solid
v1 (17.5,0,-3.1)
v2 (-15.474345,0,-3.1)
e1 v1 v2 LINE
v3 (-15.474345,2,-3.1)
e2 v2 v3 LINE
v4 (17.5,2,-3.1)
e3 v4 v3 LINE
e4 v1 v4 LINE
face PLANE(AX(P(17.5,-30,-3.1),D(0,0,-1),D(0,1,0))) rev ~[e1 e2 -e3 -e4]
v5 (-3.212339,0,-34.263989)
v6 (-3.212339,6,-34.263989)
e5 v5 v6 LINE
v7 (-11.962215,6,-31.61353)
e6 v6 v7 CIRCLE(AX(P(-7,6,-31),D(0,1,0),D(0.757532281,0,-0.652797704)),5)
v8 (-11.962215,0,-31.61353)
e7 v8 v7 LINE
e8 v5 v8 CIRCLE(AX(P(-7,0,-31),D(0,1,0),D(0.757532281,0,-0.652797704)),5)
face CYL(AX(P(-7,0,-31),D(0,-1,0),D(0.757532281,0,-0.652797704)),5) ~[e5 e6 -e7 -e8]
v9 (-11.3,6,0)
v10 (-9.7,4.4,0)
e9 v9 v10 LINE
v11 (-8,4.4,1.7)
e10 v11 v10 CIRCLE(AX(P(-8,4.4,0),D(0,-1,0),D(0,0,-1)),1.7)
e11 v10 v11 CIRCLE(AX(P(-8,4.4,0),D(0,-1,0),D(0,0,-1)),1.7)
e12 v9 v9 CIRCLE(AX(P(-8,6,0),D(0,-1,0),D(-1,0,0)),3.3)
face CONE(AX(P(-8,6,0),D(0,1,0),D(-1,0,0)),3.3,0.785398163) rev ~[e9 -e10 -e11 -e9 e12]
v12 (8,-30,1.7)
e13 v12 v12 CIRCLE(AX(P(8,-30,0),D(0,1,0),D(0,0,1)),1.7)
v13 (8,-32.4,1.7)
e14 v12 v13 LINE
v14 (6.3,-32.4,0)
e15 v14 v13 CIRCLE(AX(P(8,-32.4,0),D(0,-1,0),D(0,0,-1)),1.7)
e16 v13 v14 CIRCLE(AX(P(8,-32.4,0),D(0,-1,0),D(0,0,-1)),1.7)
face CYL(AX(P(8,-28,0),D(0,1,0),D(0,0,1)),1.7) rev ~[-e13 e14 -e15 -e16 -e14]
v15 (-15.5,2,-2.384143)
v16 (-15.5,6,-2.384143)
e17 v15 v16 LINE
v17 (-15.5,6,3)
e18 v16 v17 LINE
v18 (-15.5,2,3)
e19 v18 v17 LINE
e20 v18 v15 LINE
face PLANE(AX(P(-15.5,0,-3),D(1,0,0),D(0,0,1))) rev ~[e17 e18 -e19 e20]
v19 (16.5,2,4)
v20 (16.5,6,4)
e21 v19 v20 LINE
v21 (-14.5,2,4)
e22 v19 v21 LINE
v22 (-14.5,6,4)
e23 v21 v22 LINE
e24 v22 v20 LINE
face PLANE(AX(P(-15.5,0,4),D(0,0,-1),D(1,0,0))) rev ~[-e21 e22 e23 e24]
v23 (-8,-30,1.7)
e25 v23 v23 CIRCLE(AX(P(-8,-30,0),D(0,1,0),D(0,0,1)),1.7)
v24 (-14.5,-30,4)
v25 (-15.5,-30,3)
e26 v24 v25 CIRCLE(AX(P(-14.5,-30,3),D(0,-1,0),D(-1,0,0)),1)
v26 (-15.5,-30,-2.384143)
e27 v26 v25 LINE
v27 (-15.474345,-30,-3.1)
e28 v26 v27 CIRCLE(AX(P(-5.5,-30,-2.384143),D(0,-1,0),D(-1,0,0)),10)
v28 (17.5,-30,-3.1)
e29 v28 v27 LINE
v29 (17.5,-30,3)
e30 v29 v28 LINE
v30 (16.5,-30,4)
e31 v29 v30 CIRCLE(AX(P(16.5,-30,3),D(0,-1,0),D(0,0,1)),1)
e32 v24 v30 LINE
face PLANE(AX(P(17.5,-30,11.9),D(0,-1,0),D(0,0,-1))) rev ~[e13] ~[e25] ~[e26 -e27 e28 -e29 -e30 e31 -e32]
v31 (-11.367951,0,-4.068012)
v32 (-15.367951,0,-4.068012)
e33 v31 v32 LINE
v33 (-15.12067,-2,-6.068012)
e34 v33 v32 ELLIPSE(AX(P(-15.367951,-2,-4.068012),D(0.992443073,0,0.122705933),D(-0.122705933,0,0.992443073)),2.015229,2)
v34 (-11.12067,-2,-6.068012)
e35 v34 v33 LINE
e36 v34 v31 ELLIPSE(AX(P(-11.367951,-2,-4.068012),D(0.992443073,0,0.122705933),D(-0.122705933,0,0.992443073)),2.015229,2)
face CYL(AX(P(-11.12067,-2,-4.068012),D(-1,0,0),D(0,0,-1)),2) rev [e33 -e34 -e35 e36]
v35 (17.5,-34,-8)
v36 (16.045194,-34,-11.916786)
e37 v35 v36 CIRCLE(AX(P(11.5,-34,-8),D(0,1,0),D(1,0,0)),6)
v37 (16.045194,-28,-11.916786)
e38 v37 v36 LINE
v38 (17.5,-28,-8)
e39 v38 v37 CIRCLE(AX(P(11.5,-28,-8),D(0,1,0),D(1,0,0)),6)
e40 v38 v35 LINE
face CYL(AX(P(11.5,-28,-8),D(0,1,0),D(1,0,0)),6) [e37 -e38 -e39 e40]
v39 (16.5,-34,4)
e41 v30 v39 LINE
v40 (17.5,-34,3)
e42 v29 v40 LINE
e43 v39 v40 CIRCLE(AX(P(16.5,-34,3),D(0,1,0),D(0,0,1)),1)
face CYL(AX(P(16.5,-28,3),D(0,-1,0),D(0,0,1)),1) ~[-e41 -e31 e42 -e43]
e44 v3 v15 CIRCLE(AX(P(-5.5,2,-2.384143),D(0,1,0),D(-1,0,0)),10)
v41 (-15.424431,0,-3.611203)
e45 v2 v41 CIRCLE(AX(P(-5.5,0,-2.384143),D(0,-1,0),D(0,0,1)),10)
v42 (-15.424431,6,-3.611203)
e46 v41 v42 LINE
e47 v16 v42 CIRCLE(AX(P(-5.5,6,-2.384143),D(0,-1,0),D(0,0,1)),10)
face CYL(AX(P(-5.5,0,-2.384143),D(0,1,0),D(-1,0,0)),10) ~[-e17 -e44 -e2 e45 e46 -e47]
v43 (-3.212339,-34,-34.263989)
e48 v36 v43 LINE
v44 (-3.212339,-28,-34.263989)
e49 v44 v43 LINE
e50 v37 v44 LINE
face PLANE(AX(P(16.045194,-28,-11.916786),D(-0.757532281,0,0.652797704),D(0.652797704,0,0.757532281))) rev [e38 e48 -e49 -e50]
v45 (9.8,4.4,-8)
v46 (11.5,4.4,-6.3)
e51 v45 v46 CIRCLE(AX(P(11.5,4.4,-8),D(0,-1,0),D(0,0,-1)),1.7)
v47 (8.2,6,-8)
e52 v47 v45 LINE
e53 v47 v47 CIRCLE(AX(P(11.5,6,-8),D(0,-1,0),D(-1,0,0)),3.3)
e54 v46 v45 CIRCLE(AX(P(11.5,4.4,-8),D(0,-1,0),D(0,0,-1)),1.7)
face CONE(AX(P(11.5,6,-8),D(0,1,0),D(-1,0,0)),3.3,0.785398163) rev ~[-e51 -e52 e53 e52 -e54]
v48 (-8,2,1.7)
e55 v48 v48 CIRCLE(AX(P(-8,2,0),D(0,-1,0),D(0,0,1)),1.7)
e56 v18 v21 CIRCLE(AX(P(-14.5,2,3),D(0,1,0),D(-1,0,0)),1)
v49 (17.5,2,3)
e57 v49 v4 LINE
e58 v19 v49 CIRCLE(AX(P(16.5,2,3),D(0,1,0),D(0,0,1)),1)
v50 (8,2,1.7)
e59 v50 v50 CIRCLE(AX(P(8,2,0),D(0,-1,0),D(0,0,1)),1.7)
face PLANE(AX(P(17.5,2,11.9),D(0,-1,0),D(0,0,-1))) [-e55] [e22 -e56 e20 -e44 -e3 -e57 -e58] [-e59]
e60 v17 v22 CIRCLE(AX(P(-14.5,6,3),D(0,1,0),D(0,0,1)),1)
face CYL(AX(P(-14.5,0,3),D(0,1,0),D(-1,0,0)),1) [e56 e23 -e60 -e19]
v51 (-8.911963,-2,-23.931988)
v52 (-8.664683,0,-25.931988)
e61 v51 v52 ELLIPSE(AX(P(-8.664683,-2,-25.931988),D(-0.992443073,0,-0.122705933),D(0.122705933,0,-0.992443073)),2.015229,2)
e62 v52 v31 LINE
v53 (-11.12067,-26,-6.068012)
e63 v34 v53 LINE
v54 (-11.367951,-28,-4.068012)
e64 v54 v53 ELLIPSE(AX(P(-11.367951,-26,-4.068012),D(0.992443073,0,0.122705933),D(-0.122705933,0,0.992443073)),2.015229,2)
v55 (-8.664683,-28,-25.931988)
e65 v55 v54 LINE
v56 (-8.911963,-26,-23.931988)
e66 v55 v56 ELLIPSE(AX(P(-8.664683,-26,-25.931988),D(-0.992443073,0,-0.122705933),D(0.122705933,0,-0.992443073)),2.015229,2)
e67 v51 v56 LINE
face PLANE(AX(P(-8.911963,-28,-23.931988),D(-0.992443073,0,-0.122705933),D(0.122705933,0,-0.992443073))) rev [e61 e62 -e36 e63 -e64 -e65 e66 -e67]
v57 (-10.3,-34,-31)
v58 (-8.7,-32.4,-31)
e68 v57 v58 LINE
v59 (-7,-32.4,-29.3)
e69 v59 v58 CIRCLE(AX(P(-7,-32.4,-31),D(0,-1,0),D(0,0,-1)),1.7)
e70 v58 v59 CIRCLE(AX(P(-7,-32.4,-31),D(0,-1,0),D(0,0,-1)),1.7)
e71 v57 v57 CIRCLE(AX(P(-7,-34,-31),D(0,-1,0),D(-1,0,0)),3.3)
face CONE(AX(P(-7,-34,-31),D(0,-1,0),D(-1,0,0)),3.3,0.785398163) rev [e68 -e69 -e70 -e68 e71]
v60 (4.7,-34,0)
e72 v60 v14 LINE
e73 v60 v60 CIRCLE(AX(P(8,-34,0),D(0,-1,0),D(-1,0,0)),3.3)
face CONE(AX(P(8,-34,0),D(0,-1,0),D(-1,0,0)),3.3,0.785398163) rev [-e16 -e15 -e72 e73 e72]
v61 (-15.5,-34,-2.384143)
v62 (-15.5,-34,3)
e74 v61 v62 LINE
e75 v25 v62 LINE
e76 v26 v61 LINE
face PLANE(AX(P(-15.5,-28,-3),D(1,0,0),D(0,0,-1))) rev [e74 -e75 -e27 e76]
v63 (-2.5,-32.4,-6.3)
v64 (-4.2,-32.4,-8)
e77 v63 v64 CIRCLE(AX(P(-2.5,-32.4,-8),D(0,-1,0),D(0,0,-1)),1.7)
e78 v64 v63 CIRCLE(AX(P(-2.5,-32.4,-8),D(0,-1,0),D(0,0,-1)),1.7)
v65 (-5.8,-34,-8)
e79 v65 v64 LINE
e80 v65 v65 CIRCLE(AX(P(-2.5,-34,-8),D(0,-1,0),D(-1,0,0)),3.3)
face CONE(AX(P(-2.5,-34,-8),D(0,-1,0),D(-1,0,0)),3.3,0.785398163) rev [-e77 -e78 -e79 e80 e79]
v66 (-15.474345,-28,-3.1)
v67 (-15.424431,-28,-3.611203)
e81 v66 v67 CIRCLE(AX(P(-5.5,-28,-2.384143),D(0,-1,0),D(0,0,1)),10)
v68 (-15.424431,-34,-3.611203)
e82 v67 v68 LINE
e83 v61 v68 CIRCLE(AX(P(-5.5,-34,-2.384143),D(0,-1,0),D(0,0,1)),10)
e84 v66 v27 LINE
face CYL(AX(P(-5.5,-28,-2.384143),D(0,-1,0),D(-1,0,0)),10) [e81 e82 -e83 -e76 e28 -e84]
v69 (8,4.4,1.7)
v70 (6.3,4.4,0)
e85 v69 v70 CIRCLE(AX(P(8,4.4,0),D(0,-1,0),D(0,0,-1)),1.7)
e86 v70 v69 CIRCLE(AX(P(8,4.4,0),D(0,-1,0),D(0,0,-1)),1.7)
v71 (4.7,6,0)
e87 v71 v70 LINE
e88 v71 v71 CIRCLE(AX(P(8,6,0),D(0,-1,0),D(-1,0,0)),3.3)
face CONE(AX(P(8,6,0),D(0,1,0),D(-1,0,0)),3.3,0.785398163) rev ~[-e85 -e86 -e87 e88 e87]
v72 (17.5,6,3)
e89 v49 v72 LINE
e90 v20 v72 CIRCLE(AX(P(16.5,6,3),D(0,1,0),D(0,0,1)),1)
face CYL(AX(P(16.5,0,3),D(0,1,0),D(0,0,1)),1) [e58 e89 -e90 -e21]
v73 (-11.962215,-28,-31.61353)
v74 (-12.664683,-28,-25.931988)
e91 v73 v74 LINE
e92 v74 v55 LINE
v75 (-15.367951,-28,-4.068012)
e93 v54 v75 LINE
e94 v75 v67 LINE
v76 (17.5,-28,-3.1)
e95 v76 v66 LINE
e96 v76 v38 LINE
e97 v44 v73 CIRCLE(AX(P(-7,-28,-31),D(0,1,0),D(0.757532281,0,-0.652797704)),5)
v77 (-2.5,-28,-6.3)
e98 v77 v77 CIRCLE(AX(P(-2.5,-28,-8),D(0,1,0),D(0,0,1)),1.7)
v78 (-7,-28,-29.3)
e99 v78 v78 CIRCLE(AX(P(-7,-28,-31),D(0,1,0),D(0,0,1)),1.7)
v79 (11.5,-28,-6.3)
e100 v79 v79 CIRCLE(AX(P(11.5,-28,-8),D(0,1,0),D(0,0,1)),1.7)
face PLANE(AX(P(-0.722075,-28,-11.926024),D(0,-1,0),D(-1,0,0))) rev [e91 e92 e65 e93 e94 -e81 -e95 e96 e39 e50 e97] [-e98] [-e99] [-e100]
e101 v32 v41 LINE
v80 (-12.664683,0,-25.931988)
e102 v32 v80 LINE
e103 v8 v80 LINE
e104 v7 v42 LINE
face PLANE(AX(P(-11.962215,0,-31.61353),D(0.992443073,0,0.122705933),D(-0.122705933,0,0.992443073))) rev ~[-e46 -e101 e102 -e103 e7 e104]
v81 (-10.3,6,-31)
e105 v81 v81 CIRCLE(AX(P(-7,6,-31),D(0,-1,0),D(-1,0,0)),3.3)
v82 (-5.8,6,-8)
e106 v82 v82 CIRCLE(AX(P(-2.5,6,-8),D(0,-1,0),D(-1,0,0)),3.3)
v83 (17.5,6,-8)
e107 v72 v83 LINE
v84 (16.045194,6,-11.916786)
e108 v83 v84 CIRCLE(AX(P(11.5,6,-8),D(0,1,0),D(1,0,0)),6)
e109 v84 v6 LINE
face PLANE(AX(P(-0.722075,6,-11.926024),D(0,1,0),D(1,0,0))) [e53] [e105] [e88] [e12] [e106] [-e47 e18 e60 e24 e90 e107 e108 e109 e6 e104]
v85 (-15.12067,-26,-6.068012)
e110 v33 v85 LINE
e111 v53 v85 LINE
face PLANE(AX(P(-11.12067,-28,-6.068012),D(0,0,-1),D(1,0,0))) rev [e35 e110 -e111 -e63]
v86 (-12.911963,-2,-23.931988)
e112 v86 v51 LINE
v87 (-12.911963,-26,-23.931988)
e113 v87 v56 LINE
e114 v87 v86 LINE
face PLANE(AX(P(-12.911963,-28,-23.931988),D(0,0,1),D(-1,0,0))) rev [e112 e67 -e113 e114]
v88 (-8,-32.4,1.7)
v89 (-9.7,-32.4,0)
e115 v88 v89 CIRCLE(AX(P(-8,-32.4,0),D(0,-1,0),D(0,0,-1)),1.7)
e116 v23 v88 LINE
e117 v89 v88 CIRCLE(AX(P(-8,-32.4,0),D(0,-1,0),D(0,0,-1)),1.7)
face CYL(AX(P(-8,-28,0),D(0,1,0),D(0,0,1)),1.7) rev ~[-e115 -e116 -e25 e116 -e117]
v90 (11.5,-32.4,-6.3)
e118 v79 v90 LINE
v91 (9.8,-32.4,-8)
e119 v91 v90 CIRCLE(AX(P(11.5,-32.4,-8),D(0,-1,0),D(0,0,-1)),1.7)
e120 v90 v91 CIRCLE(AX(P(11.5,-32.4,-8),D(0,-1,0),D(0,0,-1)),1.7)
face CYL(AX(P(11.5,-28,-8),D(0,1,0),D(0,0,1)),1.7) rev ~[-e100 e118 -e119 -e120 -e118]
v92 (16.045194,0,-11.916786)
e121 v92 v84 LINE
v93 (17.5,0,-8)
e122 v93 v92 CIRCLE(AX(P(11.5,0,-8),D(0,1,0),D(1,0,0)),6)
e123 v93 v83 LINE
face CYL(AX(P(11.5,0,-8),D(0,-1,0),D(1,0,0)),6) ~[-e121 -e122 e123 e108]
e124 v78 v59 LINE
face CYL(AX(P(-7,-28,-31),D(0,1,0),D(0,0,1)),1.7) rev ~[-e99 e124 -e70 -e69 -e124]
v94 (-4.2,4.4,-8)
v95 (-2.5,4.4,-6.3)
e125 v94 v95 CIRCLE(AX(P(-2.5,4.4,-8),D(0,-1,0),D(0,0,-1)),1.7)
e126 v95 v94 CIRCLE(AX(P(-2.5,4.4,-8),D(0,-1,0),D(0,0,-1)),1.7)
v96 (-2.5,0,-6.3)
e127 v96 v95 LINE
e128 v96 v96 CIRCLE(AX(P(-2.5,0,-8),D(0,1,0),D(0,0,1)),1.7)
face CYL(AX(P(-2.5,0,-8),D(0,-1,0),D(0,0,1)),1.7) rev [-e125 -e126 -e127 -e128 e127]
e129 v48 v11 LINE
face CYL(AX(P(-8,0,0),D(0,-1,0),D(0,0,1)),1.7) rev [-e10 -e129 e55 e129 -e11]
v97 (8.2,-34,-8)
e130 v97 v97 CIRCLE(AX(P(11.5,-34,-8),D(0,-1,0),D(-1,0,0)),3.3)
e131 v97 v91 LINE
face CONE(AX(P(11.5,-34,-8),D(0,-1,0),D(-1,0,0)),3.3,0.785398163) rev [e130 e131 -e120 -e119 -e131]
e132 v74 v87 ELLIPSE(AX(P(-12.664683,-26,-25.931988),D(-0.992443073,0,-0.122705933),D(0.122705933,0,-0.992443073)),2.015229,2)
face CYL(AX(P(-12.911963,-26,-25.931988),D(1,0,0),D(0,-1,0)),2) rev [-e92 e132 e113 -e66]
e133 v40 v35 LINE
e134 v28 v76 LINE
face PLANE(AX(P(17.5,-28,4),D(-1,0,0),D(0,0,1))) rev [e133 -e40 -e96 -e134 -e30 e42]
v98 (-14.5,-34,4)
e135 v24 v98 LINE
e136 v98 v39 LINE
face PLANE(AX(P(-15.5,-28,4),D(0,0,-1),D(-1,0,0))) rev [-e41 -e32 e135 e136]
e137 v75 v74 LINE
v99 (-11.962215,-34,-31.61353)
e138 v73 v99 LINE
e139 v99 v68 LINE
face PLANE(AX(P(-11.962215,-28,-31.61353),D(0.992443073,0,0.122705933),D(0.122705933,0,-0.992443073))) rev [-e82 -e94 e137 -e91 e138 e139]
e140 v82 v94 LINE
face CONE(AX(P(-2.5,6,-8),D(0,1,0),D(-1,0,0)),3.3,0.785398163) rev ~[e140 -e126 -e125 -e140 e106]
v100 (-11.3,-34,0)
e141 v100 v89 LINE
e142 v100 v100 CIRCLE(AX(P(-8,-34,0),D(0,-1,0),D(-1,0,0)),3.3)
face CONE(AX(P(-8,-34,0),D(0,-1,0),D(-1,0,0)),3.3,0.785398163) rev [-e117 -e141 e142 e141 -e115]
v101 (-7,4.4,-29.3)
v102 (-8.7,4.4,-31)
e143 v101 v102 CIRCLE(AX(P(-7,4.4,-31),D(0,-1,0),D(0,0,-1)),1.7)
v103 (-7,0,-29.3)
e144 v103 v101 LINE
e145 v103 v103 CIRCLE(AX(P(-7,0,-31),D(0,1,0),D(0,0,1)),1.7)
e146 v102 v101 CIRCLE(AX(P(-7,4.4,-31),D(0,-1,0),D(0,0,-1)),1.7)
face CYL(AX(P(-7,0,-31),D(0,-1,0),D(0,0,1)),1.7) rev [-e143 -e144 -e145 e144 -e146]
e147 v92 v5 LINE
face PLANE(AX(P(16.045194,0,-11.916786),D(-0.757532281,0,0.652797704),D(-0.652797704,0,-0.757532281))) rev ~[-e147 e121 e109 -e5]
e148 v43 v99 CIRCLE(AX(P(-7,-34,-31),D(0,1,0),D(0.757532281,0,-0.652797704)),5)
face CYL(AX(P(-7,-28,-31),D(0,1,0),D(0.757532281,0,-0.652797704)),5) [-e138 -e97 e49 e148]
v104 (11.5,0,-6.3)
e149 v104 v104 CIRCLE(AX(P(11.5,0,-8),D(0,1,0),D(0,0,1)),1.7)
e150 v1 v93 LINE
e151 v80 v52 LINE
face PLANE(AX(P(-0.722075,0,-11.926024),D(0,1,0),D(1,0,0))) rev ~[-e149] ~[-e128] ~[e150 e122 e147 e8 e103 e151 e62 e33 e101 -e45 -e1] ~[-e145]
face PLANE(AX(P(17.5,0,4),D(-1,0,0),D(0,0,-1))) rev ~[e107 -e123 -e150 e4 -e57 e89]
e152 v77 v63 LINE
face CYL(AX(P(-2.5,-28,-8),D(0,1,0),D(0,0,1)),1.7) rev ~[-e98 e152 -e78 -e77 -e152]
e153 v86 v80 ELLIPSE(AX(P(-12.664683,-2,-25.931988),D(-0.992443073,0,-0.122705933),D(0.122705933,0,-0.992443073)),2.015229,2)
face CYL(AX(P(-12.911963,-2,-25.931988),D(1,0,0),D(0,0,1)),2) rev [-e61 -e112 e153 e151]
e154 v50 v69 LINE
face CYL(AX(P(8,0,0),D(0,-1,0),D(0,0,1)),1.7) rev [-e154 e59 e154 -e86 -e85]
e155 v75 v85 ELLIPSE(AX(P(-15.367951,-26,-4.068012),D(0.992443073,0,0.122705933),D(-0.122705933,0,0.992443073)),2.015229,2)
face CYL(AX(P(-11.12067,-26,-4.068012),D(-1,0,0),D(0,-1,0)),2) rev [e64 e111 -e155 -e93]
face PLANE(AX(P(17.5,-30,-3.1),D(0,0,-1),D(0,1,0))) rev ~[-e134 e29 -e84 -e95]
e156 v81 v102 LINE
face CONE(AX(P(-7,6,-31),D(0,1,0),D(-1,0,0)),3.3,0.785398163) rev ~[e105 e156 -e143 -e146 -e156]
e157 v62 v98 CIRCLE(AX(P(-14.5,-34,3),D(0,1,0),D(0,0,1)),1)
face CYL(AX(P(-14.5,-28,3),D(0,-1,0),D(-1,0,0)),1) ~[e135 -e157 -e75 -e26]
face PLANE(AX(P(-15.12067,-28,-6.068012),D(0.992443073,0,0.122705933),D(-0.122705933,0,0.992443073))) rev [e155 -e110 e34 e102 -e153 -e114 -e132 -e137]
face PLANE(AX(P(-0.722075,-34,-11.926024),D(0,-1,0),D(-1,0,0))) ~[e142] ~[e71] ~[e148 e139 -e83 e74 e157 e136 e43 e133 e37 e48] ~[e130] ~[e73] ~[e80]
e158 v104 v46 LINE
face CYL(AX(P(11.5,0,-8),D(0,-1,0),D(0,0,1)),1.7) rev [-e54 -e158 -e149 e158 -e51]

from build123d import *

# Parameters (mm, degrees)
SKETCH_1_R                   = 1.7
EXTRUDE_1_DEPTH              = 6
EXTRUDE_3_DEPTH              = 14
FILLET_1_R                   = 1
FILLET_2_R                   = 10
HOLE_WIZARD_M3_1_D           = 3.4
HOLE_WIZARD_M3_1_DEPTH       = 20
HOLE_WIZARD_M3_1_CSINK_D     = 6.6
HOLE_WIZARD_M3_1_CSINK_ANGLE = 90
SKETCH_14_W                  = 15
SKETCH_14_H                  = 32
CUT_EXTRUDE_3_DEPTH          = 60.506302187
FILLET_3_R                   = 2


with BuildPart() as part:
    # 草图1 → 凸台-拉伸1 (new body)
    with BuildSketch(Plane(origin=(0, 0, 0), x_dir=(1, 0, 0), z_dir=(0, 1, 0))):
        with BuildLine():
            Line((-15.5, 3), (-15.5, -4))
            Line((-15.5, -4), (15.5, -4))
            Line((15.5, -4), (17.5, -4))
            Line((17.5, -4), (17.5, 8))
            ThreePointArc((17.5, 8), (17.124551632, 10.089119178), (16.045193687, 11.916786227))
            Line((16.045193687, 11.916786227), (-3.212338594, 34.263988522))
            ThreePointArc((-3.212338594, 34.263988522), (-8.449526575, 35.78527666), (-11.962215367, 31.613529665))
            Line((-11.962215367, 31.613529665), (-15.5, 3))
        make_face()
        with Locations(Location((-8, 0, 0), (0, 0, 270))):
            Circle(SKETCH_1_R, mode=Mode.SUBTRACT)
        with Locations(Location((-2.5, 8, 0), (0, 0, 270))):
            Circle(SKETCH_1_R, mode=Mode.SUBTRACT)
        with Locations(Location((8, 0, 0), (0, 0, 270))):
            Circle(SKETCH_1_R, mode=Mode.SUBTRACT)
        with Locations(Location((11.5, 8, 0), (0, 0, 270))):
            Circle(SKETCH_1_R, mode=Mode.SUBTRACT)
        with Locations(Location((-7, 31, 0), (0, 0, 270))):
            Circle(SKETCH_1_R, mode=Mode.SUBTRACT)
    extrude(amount=EXTRUDE_1_DEPTH)

    # 草图3 → 凸台-拉伸3 (add)
    with BuildSketch(Plane.XZ):
        Polygon((-15.120670115, -6.068012339), (-12.911963321, -23.931987661), (-8.911963321, -23.931987661), (-11.120670115, -6.068012339), align=None)
    extrude(amount=EXTRUDE_3_DEPTH)

    # 圆角1
    fillet_1_edges = [part.edges().sort_by_distance(p)[0] for p in [
        (17.5, 3, 4),
        (-15.5, 3, 4),
    ]]
    fillet(fillet_1_edges, radius=FILLET_1_R)

    # 圆角2
    fillet_2_edges = [part.edges().sort_by_distance(p)[0] for p in [
        (-15.5, 3, -3),
    ]]
    fillet(fillet_2_edges, radius=FILLET_2_R)

    # M3 十字槽半沉头木螺钉的锥形沉头孔1
    with Locations(Plane(origin=(0, 6, 0), x_dir=(1, 0, 0), z_dir=(0, 1, 0))):
        with Locations((-2.5, 8), (11.5, 8), (8, 0), (-8, 0), (-7, 31)):
            CounterSinkHole(HOLE_WIZARD_M3_1_D / 2, HOLE_WIZARD_M3_1_CSINK_D / 2, depth=HOLE_WIZARD_M3_1_DEPTH, counter_sink_angle=HOLE_WIZARD_M3_1_CSINK_ANGLE)

    # 镜向1: part across plane


with BuildPart() as part_1:
    add(part.part)
    add(part.part.mirror(Plane(origin=(0, -14, 0), x_dir=(0, 0, 1), z_dir=(0, -1, 0))))

    # 草图14 → 切除-拉伸3 (cut, through all)
    with BuildSketch(Plane(origin=(17.5, 0, 0), x_dir=(0, 0, -1), z_dir=(1, 0, 0))):
        with Locations((-4.4, -14)):
            Rectangle(SKETCH_14_W, SKETCH_14_H)
    extrude(amount=-CUT_EXTRUDE_3_DEPTH, mode=Mode.SUBTRACT)

    # 圆角3
    fillet_3_edges = [part_1.edges().sort_by_distance(p)[0] for p in [
        (-10.911963321, -28, -23.931987661),
        (-13.120670115, -28, -6.068012339),
        (-13.120670115, 0, -6.068012339),
        (-10.911963321, 0, -23.931987661),
    ]]
    fillet(fillet_3_edges, radius=FILLET_3_R)


solid = part_1.part
